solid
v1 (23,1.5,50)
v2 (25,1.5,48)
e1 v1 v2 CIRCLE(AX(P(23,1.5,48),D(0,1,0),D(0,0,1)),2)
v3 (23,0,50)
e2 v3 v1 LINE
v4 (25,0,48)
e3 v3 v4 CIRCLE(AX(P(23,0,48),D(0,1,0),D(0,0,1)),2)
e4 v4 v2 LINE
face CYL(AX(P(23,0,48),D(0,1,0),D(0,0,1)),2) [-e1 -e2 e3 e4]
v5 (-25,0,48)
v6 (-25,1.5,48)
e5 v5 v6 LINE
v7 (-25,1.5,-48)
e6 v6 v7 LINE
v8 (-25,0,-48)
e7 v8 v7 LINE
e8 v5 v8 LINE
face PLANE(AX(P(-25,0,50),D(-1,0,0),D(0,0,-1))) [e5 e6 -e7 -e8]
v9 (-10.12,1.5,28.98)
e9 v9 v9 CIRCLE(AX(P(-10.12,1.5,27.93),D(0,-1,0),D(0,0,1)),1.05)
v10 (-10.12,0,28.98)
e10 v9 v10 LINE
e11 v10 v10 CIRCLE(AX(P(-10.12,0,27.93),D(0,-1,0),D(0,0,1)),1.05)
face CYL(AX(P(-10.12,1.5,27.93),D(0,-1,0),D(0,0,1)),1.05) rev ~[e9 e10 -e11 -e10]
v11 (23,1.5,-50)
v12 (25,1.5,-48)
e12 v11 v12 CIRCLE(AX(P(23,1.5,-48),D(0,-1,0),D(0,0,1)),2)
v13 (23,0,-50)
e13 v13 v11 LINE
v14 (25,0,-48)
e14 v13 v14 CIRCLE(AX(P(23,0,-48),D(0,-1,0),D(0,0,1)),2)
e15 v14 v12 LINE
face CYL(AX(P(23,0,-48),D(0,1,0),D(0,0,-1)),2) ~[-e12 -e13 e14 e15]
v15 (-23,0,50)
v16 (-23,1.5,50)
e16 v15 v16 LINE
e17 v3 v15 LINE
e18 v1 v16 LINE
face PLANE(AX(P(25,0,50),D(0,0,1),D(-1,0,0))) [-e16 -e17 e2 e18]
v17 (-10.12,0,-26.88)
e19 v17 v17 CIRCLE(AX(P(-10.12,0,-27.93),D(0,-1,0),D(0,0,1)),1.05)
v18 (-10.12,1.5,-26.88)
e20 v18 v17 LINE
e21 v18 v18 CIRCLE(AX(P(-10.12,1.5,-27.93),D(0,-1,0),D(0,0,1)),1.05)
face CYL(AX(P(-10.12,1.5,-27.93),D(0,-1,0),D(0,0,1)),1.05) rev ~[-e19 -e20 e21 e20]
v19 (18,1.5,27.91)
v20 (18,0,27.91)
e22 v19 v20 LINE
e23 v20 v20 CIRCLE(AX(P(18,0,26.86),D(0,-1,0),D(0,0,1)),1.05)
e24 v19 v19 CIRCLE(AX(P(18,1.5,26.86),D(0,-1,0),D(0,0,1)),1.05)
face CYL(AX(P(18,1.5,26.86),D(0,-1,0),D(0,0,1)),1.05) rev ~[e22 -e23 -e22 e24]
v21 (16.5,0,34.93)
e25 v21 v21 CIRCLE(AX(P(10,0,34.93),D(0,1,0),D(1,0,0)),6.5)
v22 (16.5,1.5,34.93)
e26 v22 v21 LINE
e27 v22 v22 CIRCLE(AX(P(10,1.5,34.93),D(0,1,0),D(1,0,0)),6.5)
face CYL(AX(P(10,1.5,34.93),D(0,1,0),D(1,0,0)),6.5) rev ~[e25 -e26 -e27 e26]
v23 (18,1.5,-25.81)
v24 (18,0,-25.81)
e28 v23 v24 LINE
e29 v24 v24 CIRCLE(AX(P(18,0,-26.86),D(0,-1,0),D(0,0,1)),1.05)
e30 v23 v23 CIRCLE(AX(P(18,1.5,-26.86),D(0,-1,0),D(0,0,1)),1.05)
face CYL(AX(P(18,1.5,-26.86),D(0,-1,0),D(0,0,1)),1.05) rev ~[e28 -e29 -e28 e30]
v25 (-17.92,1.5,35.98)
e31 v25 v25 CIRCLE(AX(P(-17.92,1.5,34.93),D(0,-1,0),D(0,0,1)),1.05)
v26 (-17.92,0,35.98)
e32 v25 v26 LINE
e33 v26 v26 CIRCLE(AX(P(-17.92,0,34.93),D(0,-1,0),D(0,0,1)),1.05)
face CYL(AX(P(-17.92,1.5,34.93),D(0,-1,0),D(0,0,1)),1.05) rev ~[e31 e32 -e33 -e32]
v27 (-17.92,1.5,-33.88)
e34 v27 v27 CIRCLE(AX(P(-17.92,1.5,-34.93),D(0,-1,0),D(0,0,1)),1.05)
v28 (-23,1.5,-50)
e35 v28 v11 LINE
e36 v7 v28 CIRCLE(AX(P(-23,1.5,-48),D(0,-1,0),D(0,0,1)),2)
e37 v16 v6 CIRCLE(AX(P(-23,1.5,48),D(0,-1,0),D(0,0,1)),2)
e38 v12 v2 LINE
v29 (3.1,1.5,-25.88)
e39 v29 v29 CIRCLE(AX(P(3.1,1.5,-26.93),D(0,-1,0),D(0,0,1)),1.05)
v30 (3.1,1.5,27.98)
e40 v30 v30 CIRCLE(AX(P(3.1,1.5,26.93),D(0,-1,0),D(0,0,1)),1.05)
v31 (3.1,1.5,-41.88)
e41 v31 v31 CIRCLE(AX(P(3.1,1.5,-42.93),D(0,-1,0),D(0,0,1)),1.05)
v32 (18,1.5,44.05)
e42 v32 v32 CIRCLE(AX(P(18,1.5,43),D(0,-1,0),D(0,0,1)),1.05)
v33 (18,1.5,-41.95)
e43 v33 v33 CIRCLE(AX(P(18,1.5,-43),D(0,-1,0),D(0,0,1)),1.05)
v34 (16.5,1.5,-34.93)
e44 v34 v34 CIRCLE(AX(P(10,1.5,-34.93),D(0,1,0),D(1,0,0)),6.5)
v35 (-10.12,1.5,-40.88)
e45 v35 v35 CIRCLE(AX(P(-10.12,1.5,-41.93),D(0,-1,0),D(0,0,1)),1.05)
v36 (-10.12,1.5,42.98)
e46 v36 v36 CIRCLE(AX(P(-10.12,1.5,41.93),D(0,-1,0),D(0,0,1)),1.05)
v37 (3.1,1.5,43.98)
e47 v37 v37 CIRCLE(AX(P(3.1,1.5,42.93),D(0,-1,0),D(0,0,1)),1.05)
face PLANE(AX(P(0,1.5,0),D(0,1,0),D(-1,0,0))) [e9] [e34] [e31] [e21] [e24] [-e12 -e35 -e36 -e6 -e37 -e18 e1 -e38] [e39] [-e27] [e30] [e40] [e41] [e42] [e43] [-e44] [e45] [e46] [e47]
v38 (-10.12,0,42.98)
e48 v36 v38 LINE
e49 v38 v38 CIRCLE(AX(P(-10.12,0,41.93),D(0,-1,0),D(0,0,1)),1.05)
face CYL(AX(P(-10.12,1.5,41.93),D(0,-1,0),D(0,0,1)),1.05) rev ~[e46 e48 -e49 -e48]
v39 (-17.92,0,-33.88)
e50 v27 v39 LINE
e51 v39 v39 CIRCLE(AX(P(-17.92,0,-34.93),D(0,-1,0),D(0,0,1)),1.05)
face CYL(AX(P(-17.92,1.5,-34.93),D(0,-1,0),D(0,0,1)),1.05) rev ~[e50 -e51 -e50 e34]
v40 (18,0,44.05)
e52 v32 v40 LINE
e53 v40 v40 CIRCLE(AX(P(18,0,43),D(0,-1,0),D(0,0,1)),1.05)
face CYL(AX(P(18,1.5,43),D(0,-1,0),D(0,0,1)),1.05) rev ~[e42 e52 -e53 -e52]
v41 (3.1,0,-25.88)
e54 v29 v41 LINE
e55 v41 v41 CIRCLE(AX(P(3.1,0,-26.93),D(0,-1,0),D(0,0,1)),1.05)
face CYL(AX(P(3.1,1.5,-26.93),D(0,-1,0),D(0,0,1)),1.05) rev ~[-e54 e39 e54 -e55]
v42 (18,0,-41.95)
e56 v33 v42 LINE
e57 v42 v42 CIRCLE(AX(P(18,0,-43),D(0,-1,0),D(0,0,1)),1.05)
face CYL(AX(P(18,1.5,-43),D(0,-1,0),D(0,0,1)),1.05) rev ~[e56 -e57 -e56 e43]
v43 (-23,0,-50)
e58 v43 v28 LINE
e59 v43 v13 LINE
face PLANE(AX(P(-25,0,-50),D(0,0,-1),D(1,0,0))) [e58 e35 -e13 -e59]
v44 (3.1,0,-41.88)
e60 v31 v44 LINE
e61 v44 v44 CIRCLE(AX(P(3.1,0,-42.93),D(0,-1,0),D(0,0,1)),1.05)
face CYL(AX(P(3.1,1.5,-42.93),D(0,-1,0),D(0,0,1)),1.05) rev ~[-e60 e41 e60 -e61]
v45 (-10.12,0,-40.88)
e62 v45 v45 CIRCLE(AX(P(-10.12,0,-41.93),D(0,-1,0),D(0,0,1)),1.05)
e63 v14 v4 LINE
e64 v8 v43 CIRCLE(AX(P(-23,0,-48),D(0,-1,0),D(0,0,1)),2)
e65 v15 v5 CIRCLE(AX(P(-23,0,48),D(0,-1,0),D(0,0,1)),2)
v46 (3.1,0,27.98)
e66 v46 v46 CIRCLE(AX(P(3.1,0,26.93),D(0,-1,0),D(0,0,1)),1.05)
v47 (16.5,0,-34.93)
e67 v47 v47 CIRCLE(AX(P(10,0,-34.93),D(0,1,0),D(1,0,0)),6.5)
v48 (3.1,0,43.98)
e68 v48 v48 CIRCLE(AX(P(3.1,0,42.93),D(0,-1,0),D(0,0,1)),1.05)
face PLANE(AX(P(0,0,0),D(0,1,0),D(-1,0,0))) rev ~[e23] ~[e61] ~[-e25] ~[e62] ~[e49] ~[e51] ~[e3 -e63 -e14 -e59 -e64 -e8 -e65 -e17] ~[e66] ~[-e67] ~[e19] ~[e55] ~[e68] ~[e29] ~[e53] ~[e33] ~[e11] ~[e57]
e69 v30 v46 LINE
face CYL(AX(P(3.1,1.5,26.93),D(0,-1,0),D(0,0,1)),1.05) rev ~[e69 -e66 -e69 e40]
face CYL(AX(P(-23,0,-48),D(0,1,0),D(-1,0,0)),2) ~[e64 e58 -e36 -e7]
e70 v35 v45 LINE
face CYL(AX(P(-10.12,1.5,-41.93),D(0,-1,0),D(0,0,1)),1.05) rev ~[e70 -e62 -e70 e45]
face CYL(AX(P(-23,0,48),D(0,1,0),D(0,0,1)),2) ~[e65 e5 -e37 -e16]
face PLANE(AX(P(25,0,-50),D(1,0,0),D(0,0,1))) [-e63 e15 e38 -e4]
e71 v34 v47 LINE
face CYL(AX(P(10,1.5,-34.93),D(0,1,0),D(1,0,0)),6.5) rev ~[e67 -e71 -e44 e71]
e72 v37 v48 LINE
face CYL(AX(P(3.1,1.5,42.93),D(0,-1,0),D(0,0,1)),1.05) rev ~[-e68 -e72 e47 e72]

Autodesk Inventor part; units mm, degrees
ref_plane "YZ Plane" through (0, 0, 0) normal (1, 0, 0) x (0, 1, 0)
ref_plane "XZ Plane" through (0, 0, 0) normal (0, 1, 0) x (-1, 0, 0)
ref_plane "XY Plane" through (0, 0, 0) normal (0, 0, 1) x (1, 0, 0)
sketch "Sketch1" plane through (0, 0, 0) normal (0, 1, 0) x (-1, 0, 0)
  line L0 (-25, 50) -> (25, 50)
  line L1 (25, 50) -> (25, -50)
  line L2 (25, -50) -> (-25, -50)
  line L3 (-25, -50) -> (-25, 50)
  line L4 (-25, 50) -> (25, -50) construction
  line L5 (25, 50) -> (-25, -50) construction
  point P0 (0, 0)
  dimension "d0" = 50
  dimension "d1" = 100
extrude "Plate1" add sketch "Sketch1" along normal blind 1.5
fillet "Fillet1" radius 2 4 edges at (25, 0.75, 50) (25, 0.75, -50) (-25, 0.75, -50) (-25, 0.75, 50)
sketch "Sketch5" plane through (0, 1.5, 0) normal (0, 1, 0) x (1, 0, 0)
  circle A0 centre (-17.92, -34.93) radius 0.7835 projected
  circle A1 centre (-10.12, -41.93) radius 0.7835 projected
  circle A2 centre (-10.12, -27.93) radius 0.7835 projected
  circle A3 centre (3.1, -42.93) radius 0.7835 projected
  circle A4 centre (3.1, -26.93) radius 0.7835 projected
  line L0 (-18.82, -28.86) -> (-18.82, -41) projected
  line L1 (-18.82, -28.86) -> (-18.1, -28.86) projected
  arc A5 (-18.1, -28.86) -> (-16.1, -26.86) centre (-18.1, -26.86) ccw projected
  line L2 (-16.1, -26.86) -> (-16.1, -26.14) projected
  line L3 (16, -26.14) -> (-16.1, -26.14) projected
  line L4 (16, -26.14) -> (16, -26.86) projected
  arc A6 (16, -26.86) -> (18, -28.86) centre (18, -26.86) ccw projected
  line L5 (18, -28.86) -> (18.72, -28.86) projected
  line L6 (18.72, -41) -> (18.72, -28.86) projected
  line L7 (18.72, -41) -> (18, -41) projected
  arc A7 (18, -41) -> (16, -43) centre (18, -43) ccw projected
  line L8 (16, -43) -> (16, -43.72) projected
  line L9 (-16.1, -43.72) -> (16, -43.72) projected
  line L10 (-16.1, -43.72) -> (-16.1, -43) projected
  arc A8 (-16.1, -43) -> (-18.1, -41) centre (-18.1, -43) ccw projected
  line L11 (-18.1, -41) -> (-18.82, -41) projected
  circle A9 centre (10, -34.93) radius 6.4 projected
  circle A10 centre (-17.92, 34.93) radius 0.7835 projected
  circle A11 centre (-10.12, 27.93) radius 0.7835 projected
  circle A12 centre (-10.12, 41.93) radius 0.7835 projected
  circle A13 centre (3.1, 26.93) radius 0.7835 projected
  circle A14 centre (3.1, 42.93) radius 0.7835 projected
  line L12 (-18.82, 41) -> (-18.82, 28.86) projected
  line L13 (-18.82, 41) -> (-18.1, 41) projected
  arc A15 (-18.1, 41) -> (-16.1, 43) centre (-18.1, 43) ccw projected
  line L14 (-16.1, 43) -> (-16.1, 43.72) projected
  line L15 (16, 43.72) -> (-16.1, 43.72) projected
  line L16 (16, 43.72) -> (16, 43) projected
  arc A16 (16, 43) -> (18, 41) centre (18, 43) ccw projected
  line L17 (18, 41) -> (18.72, 41) projected
  line L18 (18.72, 28.86) -> (18.72, 41) projected
  line L19 (18.72, 28.86) -> (18, 28.86) projected
  arc A17 (18, 28.86) -> (16, 26.86) centre (18, 26.86) ccw projected
  line L20 (16, 26.86) -> (16, 26.14) projected
  line L21 (-16.1, 26.14) -> (16, 26.14) projected
  line L22 (-16.1, 26.14) -> (-16.1, 26.86) projected
  arc A18 (-16.1, 26.86) -> (-18.1, 28.86) centre (-18.1, 26.86) ccw projected
  line L23 (-18.1, 28.86) -> (-18.82, 28.86) projected
  circle A19 centre (10, 34.93) radius 6.4 projected
  point P0 (0, 0)
hole "Hole3" at (-17.92, 1.5, 34.93) at (-10.12, 1.5, 27.93) at (-10.12, 1.5, 41.93) at (3.1, 1.5, 42.93) at (3.1, 1.5, 26.93) at (18, 1.5, 26.86) at (18, 1.5, 43) at (18, 1.5, -26.86) at (18, 1.5, -43) at (3.1, 1.5, -42.93) at (3.1, 1.5, -26.93) at (-10.12, 1.5, -41.93) at (-10.12, 1.5, -27.93) at (-17.92, 1.5, -34.93) direction (0, -1, 0) diameter 2.1 depth 1.5 tip angle 118
sketch "Sketch6" plane through (0, 1.5, 0) normal (0, 1, 0) x (1, 0, 0)
  circle A0 centre (-17.92, -34.93) radius 0.7835 projected
  circle A1 centre (-10.12, -41.93) radius 0.7835 projected
  circle A2 centre (-10.12, -27.93) radius 0.7835 projected
  circle A3 centre (3.1, -42.93) radius 0.7835 projected
  circle A4 centre (3.1, -26.93) radius 0.7835 projected
  line L0 (-18.82, -28.86) -> (-18.82, -41) projected
  line L1 (-18.82, -28.86) -> (-18.1, -28.86) projected
  arc A5 (-18.1, -28.86) -> (-16.1, -26.86) centre (-18.1, -26.86) ccw projected
  line L2 (-16.1, -26.86) -> (-16.1, -26.14) projected
  line L3 (16, -26.14) -> (-16.1, -26.14) projected
  line L4 (16, -26.14) -> (16, -26.86) projected
  arc A6 (16, -26.86) -> (18, -28.86) centre (18, -26.86) ccw projected
  line L5 (18, -28.86) -> (18.72, -28.86) projected
  line L6 (18.72, -41) -> (18.72, -28.86) projected
  line L7 (18.72, -41) -> (18, -41) projected
  arc A7 (18, -41) -> (16, -43) centre (18, -43) ccw projected
  line L8 (16, -43) -> (16, -43.72) projected
  line L9 (-16.1, -43.72) -> (16, -43.72) projected
  line L10 (-16.1, -43.72) -> (-16.1, -43) projected
  arc A8 (-16.1, -43) -> (-18.1, -41) centre (-18.1, -43) ccw projected
  line L11 (-18.1, -41) -> (-18.82, -41) projected
  circle A9 centre (10, -34.93) radius 6.4 projected
  circle A10 centre (-17.92, 34.93) radius 0.7835 projected
  circle A11 centre (-10.12, 27.93) radius 0.7835 projected
  circle A12 centre (-10.12, 41.93) radius 0.7835 projected
  circle A13 centre (3.1, 26.93) radius 0.7835 projected
  circle A14 centre (3.1, 42.93) radius 0.7835 projected
  line L12 (-18.82, 41) -> (-18.82, 28.86) projected
  line L13 (-18.82, 41) -> (-18.1, 41) projected
  arc A15 (-18.1, 41) -> (-16.1, 43) centre (-18.1, 43) ccw projected
  line L14 (-16.1, 43) -> (-16.1, 43.72) projected
  line L15 (16, 43.72) -> (-16.1, 43.72) projected
  line L16 (16, 43.72) -> (16, 43) projected
  arc A16 (16, 43) -> (18, 41) centre (18, 43) ccw projected
  line L17 (18, 41) -> (18.72, 41) projected
  line L18 (18.72, 28.86) -> (18.72, 41) projected
  line L19 (18.72, 28.86) -> (18, 28.86) projected
  arc A17 (18, 28.86) -> (16, 26.86) centre (18, 26.86) ccw projected
  line L20 (16, 26.86) -> (16, 26.14) projected
  line L21 (-16.1, 26.14) -> (16, 26.14) projected
  line L22 (-16.1, 26.14) -> (-16.1, 26.86) projected
  arc A18 (-16.1, 26.86) -> (-18.1, 28.86) centre (-18.1, 26.86) ccw projected
  line L23 (-18.1, 28.86) -> (-18.82, 28.86) projected
  circle A19 centre (10, 34.93) radius 6.4 projected
  circle A20 centre (10, -34.93) radius 6.5
  circle A21 centre (10, 34.93) radius 6.5
  point P0 (0, 0)
  dimension "d27" = 13
  dimension "d28" = 13
extrude "Cut2" cut sketch "Sketch6" against normal blind 1.5 contours A9 | A19 | A20 | A21
equation "\"d25\" = Thickness"
equation "\"d29\" = Thickness"
equation "\"d2\" = Thickness"
equation "\"BendReliefWidth\" = Thickness"
equation "\"BendReliefDepth\" = 0.5 * Thickness"
equation "\"CornerReliefSize\" = 4 * Thickness"
equation "\"MinimumRemnant\" = 2 * Thickness"
equation "\"TransitionRadius\" = BendRadius"
equation "\"JacobiRadiusSize\" = BendRadius"
equation "\"GapSize\" = Thickness"
equation "\"Thickness\" = 1.5"
equation "\"BendRadius\" = 0.31"
properties part number "body_bottom_frame" material "Aluminum 6061-AHC"
